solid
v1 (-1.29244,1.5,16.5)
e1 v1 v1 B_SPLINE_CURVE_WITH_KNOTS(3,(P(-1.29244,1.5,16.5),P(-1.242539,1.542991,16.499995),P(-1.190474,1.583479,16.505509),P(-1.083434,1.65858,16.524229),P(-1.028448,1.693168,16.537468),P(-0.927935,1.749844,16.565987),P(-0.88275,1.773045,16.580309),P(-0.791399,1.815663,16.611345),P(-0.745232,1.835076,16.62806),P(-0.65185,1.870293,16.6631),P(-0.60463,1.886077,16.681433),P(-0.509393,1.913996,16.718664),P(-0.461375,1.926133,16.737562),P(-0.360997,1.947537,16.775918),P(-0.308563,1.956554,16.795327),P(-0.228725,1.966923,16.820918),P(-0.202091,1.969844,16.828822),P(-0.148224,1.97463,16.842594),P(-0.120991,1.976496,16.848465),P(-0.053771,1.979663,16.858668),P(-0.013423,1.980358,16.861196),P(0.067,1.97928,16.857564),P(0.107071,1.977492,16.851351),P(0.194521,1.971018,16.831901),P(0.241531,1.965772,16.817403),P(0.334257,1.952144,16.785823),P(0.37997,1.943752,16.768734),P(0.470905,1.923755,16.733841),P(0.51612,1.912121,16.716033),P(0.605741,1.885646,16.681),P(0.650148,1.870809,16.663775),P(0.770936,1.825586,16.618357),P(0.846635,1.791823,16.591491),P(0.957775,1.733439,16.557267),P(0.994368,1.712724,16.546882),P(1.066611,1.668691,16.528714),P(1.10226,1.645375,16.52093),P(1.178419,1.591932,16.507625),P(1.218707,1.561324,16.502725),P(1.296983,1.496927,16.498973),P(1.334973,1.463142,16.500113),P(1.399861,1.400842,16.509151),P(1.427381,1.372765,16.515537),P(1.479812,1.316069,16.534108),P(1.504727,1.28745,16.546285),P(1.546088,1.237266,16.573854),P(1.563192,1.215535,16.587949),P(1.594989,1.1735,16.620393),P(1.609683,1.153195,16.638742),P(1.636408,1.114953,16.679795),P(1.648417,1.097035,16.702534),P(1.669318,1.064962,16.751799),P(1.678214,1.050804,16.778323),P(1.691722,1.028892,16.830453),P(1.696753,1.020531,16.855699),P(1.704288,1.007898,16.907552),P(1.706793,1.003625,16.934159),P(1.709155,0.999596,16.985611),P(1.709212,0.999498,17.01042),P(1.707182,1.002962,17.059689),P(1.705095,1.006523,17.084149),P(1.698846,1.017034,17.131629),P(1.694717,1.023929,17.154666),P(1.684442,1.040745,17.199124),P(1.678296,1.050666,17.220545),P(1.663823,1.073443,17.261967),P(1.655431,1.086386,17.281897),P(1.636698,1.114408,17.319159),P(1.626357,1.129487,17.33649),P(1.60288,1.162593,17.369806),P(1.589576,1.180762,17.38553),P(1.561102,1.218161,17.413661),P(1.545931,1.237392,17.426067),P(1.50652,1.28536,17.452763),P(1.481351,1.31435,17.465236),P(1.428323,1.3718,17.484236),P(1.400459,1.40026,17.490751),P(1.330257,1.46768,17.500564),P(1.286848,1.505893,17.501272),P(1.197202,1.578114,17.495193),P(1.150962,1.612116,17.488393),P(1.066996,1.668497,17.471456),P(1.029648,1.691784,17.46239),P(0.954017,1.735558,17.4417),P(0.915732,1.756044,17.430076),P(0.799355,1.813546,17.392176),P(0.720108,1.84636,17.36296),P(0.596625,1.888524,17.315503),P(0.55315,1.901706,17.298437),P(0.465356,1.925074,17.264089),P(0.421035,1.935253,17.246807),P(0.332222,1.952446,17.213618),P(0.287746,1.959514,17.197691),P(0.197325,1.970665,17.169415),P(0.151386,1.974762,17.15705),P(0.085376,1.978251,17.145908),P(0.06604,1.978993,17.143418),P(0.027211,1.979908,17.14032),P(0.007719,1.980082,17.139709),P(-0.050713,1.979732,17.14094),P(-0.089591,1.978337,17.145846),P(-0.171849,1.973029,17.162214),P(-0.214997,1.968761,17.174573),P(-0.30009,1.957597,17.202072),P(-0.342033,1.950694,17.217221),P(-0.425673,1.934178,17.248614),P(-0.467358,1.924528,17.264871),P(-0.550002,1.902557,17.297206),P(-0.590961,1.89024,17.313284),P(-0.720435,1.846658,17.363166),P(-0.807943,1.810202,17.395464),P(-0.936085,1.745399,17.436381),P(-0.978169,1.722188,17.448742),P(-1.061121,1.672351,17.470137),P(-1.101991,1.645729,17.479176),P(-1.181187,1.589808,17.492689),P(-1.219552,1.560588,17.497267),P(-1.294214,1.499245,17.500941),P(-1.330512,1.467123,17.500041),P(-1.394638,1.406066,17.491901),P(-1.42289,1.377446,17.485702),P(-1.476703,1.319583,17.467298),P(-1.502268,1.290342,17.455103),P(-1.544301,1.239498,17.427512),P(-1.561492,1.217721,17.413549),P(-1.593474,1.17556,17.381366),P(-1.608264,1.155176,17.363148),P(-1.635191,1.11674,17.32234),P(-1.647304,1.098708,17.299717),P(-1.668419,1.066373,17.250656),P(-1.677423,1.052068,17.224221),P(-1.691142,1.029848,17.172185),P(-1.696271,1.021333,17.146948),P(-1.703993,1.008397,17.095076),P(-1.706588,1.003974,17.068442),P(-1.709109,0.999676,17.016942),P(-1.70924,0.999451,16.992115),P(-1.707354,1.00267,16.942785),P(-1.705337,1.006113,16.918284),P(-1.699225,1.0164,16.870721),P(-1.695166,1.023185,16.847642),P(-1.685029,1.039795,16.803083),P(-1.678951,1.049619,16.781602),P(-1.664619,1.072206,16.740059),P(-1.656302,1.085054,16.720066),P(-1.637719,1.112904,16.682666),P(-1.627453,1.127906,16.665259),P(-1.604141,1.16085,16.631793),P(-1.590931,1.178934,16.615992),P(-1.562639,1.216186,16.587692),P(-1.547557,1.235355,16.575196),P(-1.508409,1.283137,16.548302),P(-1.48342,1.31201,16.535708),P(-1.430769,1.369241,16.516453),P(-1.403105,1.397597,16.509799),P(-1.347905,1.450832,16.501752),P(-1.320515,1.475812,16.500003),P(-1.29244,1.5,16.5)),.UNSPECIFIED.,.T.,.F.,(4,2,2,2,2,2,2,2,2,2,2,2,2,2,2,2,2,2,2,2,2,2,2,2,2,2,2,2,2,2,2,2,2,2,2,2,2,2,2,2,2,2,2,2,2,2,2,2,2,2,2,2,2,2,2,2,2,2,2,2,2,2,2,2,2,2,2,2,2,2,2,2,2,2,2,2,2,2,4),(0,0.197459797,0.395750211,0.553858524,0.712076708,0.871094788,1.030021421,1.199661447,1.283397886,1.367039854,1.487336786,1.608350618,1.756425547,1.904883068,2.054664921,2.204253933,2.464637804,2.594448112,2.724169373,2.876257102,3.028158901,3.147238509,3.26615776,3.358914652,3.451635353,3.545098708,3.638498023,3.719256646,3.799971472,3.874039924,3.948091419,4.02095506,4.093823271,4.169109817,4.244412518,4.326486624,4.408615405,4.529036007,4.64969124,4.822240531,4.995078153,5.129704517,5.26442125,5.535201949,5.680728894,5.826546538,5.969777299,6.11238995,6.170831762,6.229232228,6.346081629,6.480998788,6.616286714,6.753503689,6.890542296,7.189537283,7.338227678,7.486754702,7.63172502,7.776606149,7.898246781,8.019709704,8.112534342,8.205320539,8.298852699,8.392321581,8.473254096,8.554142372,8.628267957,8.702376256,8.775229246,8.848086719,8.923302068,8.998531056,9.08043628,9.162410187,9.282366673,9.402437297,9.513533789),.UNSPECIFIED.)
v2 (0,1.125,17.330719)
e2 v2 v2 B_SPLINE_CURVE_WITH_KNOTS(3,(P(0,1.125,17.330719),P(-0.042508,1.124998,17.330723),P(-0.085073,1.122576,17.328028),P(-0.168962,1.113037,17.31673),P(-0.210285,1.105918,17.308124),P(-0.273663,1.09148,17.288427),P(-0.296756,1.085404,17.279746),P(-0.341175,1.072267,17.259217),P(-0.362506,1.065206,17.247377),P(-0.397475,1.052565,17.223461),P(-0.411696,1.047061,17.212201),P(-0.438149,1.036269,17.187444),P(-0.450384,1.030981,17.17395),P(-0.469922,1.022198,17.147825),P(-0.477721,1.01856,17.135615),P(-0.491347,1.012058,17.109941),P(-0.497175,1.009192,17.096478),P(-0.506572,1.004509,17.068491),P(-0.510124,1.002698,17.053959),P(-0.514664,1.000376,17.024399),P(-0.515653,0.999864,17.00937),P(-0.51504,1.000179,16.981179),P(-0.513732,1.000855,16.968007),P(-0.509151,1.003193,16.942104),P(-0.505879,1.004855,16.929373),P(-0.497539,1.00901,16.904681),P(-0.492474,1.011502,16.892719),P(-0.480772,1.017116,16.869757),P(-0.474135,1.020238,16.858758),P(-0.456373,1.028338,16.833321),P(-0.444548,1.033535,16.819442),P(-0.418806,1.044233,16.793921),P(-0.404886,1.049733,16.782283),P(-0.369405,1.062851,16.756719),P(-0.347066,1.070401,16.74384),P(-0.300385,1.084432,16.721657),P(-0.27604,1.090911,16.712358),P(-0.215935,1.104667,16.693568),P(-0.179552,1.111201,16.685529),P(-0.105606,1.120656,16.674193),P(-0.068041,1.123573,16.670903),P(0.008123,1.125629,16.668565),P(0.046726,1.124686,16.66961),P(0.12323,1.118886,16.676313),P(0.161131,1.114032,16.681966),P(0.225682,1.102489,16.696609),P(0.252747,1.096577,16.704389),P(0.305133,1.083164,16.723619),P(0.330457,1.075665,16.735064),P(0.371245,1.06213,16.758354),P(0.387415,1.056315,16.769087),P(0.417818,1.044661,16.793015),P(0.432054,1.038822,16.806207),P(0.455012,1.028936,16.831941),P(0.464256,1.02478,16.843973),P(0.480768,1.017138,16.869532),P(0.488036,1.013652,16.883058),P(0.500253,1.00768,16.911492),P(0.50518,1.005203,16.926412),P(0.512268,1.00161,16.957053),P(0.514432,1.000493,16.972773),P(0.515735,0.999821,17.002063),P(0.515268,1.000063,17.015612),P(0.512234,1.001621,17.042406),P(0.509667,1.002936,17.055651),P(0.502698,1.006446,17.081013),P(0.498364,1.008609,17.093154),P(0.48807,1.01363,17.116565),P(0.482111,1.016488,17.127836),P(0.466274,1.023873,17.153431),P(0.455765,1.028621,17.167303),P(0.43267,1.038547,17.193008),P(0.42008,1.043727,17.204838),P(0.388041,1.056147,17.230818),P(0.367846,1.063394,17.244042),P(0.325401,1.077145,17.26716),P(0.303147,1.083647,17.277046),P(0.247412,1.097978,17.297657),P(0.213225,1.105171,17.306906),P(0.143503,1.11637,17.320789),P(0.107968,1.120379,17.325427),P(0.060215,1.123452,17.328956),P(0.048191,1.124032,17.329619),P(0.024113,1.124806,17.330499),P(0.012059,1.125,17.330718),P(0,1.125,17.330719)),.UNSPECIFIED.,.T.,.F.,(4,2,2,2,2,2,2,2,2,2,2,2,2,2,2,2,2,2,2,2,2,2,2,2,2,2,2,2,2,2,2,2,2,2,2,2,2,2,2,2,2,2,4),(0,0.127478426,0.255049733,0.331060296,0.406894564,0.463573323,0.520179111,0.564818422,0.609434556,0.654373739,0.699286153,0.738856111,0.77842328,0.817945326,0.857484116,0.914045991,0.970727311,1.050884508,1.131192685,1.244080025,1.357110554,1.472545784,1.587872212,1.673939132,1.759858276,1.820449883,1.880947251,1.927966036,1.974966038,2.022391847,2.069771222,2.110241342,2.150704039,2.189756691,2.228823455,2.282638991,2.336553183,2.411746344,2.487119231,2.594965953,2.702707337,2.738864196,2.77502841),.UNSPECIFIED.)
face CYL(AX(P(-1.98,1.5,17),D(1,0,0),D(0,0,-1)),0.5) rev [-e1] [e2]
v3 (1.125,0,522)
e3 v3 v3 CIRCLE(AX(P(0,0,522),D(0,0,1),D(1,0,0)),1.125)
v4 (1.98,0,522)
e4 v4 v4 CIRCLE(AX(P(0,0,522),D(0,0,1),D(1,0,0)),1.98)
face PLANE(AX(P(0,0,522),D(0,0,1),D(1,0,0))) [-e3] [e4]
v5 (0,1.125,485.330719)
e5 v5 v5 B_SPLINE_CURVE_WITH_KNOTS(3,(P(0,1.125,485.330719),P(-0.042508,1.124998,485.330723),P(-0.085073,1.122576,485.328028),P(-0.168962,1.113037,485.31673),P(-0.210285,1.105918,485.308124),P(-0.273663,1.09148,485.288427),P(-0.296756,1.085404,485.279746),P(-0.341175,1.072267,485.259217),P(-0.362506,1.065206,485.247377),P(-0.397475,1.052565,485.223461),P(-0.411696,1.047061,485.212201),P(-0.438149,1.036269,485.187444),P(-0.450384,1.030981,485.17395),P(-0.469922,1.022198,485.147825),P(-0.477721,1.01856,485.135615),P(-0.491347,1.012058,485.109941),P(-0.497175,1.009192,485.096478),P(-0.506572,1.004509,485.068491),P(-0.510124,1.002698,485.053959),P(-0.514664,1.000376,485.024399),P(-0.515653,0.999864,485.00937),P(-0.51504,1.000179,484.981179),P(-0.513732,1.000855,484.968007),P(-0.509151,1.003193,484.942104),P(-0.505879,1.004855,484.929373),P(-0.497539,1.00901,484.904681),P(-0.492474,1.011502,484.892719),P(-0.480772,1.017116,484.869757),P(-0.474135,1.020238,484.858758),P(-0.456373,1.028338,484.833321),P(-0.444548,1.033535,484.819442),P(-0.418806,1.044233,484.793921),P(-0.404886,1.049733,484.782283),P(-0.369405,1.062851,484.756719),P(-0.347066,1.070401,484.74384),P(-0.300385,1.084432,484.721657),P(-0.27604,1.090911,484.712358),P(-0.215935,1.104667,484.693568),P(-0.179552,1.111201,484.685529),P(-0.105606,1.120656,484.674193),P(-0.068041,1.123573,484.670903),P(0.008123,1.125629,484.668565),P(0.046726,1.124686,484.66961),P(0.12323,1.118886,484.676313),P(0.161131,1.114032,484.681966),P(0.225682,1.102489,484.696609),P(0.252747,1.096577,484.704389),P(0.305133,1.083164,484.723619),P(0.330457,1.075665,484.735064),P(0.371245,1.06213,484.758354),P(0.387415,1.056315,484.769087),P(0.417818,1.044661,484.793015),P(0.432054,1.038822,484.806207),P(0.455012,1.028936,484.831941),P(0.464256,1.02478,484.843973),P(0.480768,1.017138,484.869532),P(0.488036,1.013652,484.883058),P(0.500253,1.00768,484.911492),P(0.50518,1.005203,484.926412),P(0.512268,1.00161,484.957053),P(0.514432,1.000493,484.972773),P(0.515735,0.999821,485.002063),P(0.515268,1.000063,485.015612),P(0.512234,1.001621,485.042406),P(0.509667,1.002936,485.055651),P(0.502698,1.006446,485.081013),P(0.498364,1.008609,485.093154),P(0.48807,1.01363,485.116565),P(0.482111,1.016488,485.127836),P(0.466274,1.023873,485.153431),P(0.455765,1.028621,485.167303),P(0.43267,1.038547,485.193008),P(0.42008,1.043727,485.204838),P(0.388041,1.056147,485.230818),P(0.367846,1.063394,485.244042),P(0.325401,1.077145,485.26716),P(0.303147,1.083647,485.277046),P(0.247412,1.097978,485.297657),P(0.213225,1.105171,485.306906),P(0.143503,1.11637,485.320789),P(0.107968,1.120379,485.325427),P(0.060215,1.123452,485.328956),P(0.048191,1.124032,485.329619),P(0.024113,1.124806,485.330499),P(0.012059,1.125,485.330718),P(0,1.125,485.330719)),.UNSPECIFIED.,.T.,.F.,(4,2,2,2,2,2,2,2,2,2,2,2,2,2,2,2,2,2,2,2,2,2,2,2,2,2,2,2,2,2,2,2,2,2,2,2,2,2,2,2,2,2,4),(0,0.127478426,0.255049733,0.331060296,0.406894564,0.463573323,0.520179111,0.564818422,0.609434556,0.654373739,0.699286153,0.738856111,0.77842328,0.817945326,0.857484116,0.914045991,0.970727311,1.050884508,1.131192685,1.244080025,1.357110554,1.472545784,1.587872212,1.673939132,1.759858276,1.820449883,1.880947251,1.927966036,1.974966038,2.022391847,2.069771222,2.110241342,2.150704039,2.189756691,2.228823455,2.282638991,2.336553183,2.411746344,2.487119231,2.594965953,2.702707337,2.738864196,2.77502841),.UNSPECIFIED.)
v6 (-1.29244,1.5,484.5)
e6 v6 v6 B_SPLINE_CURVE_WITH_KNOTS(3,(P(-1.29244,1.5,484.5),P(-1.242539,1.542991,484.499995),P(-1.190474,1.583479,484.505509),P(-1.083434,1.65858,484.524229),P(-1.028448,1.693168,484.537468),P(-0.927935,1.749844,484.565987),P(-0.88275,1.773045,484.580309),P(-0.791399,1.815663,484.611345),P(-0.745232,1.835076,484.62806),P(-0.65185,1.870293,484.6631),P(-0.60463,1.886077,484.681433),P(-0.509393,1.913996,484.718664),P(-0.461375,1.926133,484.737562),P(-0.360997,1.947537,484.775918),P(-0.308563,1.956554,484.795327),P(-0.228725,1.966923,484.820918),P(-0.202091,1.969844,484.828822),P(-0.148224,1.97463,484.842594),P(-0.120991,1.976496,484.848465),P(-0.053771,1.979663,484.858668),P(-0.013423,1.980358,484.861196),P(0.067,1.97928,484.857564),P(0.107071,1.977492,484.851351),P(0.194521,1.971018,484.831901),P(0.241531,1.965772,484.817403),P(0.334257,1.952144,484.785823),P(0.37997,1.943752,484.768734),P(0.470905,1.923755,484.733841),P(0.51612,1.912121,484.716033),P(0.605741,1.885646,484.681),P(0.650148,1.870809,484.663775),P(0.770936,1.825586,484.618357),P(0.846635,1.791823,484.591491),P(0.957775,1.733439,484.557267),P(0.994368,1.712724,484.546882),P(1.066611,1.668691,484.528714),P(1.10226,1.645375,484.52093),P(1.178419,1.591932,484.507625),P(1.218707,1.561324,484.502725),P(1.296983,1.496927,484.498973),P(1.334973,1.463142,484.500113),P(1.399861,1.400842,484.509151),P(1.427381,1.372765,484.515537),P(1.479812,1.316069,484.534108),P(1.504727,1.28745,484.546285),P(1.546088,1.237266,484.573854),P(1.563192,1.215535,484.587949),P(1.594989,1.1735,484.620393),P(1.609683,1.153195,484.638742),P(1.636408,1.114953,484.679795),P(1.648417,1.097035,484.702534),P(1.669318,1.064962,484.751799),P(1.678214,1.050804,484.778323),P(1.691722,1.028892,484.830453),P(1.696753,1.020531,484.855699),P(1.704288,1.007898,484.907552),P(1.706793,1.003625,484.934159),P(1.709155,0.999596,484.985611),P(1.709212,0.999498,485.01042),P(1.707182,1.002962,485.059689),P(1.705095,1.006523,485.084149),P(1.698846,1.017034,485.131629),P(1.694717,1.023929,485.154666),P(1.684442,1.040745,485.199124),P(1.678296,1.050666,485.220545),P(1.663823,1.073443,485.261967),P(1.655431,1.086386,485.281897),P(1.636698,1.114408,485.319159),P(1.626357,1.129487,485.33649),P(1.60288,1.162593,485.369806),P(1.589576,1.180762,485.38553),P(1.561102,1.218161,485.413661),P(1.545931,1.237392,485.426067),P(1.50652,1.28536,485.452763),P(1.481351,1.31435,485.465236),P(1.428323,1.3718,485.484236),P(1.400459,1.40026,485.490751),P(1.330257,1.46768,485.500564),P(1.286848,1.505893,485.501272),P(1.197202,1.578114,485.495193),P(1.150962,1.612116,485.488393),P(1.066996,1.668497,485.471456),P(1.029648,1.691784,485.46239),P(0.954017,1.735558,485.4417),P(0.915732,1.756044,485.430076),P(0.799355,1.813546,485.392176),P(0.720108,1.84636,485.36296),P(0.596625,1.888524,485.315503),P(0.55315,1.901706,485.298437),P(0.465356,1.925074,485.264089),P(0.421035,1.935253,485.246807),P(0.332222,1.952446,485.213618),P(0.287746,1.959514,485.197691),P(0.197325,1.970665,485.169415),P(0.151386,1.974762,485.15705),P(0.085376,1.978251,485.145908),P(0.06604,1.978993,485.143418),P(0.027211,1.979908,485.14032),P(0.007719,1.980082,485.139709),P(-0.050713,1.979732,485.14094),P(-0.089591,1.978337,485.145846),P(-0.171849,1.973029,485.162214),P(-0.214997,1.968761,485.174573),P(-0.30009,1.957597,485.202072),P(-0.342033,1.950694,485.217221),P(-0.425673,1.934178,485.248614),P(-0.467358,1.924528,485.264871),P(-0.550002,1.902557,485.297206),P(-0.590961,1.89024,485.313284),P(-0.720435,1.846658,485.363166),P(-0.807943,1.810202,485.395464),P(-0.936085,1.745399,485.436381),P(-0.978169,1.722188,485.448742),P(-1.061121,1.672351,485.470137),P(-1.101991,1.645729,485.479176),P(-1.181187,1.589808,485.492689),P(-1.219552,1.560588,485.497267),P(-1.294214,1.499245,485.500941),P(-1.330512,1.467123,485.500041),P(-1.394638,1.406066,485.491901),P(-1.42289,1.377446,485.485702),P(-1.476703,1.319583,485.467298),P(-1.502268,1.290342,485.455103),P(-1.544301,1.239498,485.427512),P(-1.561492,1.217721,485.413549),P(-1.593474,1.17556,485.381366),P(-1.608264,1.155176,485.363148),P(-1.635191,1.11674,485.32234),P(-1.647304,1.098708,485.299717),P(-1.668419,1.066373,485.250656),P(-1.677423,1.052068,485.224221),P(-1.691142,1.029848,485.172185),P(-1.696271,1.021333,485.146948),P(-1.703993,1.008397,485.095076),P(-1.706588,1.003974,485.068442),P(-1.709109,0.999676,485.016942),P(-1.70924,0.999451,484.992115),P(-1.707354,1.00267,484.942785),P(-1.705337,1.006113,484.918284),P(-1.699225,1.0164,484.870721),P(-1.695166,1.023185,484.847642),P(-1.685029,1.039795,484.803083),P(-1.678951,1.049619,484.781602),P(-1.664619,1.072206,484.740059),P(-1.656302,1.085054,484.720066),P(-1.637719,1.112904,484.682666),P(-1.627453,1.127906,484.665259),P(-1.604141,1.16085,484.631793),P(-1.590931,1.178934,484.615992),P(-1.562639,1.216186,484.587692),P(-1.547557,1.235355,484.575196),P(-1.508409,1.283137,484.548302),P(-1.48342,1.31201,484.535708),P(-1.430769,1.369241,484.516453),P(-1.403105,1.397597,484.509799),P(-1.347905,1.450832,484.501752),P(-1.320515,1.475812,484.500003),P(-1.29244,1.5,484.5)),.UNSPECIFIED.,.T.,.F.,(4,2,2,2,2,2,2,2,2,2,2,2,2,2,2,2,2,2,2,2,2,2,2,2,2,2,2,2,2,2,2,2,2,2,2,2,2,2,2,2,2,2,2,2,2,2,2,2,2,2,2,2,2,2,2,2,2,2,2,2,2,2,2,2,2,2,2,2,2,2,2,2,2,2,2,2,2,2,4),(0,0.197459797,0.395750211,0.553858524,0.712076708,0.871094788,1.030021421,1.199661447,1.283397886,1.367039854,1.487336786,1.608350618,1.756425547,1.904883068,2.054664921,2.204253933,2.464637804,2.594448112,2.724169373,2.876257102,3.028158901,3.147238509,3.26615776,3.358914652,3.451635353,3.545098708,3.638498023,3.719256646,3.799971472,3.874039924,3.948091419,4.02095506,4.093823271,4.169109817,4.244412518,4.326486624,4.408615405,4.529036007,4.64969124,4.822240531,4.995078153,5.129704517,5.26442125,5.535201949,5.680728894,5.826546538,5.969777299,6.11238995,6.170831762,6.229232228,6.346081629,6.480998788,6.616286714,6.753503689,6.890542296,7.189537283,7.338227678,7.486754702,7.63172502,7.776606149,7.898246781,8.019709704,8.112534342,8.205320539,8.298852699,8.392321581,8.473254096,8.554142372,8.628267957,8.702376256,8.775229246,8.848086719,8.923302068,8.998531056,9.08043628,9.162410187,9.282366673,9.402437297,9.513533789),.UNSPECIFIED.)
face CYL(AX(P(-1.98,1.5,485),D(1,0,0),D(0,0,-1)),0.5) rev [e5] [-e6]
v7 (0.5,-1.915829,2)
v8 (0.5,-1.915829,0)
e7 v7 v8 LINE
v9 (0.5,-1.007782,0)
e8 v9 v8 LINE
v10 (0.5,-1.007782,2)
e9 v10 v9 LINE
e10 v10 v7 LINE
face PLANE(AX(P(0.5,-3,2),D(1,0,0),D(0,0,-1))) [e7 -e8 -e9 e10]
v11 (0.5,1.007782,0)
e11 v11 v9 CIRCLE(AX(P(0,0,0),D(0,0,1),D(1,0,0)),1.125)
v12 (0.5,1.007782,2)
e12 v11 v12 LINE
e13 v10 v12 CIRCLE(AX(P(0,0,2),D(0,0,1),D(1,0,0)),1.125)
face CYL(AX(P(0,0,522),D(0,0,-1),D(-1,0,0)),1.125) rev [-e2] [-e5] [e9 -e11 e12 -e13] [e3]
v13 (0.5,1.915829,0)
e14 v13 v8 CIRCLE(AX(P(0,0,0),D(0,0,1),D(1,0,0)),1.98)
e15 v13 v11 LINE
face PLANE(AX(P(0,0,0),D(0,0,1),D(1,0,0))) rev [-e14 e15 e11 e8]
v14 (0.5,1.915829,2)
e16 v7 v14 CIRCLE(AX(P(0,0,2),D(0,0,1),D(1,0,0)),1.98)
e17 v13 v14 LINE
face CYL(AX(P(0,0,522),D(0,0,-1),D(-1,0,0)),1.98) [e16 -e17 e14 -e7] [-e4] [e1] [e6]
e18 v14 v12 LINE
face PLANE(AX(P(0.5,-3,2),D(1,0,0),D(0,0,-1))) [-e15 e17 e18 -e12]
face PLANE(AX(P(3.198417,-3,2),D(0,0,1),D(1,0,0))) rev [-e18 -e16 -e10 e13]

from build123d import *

# Parameters (mm, degrees)
SKETCH1_R           = 1.98
SKETCH1_R_2         = 1.125
EXTRUDE1_DEPTH      = 522
SKETCH2_R           = 0.5
EXTRUDE2_DEPTH      = 2.98
EXTRUDE2_DEPTH_BACK = 2.98
SKETCH3_W           = 2.698417422
SKETCH3_H           = 6
EXTRUDE5_DEPTH      = 2


with BuildPart() as part:
    # Sketch1 → Extrude1 (new body)
    with BuildSketch(Plane.XY):
        Circle(SKETCH1_R)
        Circle(SKETCH1_R_2, mode=Mode.SUBTRACT)
    extrude(amount=EXTRUDE1_DEPTH)

    # Sketch2 → Extrude2 (cut, two sides)
    with BuildSketch(Plane(origin=(0, 0, 0), x_dir=(0, 0, -1), z_dir=(1, 0, 0))) as extrude2_sk:
        with Locations((-485, 1.5)):
            Circle(SKETCH2_R)
        with Locations((-17, 1.5)):
            Circle(SKETCH2_R)
    extrude(amount=EXTRUDE2_DEPTH, mode=Mode.SUBTRACT)
    extrude(extrude2_sk.sketch, amount=-EXTRUDE2_DEPTH_BACK, mode=Mode.SUBTRACT)

    # Sketch3 → Extrude5 (cut)
    with BuildSketch(Plane.XY):
        with Locations((1.849208711, 0)):
            Rectangle(SKETCH3_W, SKETCH3_H)
    extrude(amount=EXTRUDE5_DEPTH, mode=Mode.SUBTRACT)


solid = part.part
